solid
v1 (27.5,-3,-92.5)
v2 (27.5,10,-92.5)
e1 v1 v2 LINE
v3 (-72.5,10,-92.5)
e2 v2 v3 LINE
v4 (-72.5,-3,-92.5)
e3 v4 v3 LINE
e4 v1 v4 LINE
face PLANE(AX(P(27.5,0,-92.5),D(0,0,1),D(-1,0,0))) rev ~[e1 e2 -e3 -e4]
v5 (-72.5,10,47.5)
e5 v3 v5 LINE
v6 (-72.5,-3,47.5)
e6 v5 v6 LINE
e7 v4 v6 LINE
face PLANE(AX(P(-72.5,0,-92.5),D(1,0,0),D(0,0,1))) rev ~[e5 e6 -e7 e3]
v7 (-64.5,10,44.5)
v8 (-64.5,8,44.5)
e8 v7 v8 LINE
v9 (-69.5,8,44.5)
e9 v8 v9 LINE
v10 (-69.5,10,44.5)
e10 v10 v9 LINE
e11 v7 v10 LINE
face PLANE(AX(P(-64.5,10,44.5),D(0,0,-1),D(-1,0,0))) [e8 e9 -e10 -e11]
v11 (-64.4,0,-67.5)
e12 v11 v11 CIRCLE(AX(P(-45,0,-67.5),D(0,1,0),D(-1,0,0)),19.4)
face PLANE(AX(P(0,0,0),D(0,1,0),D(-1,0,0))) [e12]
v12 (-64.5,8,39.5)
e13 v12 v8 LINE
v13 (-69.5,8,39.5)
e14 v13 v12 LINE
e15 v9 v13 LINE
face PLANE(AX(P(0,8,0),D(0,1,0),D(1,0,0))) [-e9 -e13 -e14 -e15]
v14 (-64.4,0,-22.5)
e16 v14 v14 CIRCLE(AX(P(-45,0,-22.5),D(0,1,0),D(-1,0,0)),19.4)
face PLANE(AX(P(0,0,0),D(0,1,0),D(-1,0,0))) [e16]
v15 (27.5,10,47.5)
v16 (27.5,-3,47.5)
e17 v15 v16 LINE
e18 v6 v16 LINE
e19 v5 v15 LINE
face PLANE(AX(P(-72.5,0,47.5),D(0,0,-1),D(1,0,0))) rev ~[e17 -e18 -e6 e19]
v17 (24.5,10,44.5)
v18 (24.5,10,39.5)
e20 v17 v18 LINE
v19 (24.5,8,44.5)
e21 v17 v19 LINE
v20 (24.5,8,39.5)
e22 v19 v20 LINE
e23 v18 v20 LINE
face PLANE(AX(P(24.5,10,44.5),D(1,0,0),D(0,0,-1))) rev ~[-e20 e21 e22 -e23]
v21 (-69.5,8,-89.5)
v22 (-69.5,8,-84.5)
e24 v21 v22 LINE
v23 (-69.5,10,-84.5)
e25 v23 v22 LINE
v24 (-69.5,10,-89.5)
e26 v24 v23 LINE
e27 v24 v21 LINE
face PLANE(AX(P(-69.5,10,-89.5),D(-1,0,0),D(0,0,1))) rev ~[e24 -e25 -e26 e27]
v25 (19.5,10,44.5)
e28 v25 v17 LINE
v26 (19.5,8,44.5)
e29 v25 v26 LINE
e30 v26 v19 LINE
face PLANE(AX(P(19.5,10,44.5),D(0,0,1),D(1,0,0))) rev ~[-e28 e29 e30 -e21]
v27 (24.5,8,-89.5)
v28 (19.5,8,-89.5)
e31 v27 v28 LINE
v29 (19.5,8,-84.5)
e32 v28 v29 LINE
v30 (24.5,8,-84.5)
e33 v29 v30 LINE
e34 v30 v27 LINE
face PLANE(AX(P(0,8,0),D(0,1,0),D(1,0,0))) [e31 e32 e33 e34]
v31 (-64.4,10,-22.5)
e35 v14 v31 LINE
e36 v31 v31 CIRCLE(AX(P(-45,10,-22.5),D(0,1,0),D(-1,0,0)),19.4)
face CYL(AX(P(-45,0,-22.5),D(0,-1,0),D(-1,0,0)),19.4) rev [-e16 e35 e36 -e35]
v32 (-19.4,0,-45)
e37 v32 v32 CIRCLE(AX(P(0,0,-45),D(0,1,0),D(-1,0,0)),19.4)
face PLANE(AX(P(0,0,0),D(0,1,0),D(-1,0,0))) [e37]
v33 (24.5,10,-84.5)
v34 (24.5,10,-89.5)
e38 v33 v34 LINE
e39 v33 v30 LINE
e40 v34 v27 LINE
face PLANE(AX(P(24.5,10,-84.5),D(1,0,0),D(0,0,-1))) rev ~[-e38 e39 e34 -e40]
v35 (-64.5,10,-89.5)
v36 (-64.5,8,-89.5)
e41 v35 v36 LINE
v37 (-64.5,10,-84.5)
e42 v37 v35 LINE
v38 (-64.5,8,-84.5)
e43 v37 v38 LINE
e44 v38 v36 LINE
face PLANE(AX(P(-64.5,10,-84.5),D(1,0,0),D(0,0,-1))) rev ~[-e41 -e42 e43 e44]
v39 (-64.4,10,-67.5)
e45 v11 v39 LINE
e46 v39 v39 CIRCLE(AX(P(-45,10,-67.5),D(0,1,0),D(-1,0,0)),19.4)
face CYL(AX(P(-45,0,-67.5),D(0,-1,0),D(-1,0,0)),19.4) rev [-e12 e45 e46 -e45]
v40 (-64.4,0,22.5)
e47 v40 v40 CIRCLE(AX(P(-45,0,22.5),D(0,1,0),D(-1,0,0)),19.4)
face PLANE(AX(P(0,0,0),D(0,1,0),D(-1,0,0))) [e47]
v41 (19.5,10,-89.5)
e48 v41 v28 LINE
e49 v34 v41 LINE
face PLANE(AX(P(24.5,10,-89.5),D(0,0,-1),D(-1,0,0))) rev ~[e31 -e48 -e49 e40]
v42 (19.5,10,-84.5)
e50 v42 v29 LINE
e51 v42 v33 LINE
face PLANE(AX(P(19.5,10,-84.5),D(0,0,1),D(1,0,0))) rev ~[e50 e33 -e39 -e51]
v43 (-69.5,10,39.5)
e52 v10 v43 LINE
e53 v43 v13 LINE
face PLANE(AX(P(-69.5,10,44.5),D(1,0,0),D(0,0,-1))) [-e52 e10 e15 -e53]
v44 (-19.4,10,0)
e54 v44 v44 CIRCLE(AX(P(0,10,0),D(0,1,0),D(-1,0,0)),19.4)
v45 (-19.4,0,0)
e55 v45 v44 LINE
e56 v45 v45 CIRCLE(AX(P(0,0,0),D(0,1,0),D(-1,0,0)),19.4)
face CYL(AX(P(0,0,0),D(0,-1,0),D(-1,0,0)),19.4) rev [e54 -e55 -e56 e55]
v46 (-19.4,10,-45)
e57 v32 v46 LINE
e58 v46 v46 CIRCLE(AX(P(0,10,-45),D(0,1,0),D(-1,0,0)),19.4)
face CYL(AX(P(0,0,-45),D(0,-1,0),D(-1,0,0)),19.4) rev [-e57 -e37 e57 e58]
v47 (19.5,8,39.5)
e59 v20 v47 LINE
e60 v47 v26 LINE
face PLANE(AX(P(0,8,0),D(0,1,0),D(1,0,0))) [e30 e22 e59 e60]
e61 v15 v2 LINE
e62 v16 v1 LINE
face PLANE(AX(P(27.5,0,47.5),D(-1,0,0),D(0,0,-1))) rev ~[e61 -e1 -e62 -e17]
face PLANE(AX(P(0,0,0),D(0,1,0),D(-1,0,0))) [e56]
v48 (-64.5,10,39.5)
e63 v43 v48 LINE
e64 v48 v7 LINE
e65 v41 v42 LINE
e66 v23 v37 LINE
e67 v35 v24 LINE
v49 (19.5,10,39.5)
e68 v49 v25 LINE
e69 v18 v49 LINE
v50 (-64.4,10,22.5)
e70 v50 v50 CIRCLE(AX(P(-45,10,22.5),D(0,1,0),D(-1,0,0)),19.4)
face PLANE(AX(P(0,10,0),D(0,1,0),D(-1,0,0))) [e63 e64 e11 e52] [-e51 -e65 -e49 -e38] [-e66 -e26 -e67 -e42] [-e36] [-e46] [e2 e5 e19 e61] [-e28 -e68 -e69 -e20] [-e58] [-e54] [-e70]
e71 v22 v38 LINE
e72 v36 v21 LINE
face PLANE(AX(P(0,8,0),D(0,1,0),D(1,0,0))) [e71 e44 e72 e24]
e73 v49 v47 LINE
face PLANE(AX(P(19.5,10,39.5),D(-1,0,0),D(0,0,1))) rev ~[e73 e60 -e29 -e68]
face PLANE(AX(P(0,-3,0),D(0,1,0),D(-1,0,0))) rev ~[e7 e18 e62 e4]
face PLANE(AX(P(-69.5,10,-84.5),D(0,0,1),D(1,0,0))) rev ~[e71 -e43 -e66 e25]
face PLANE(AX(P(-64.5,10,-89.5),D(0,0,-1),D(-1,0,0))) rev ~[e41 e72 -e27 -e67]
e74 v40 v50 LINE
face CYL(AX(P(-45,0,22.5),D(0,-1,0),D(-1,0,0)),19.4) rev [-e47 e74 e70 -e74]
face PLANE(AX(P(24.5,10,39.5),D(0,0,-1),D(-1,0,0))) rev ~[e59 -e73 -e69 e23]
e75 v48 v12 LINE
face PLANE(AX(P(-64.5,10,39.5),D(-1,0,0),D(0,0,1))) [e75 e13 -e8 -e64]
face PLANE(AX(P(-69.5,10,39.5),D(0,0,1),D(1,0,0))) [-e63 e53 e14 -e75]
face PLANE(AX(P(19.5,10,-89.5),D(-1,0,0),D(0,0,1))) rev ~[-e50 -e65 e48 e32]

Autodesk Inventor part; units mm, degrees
ref_plane "YZ Plane" through (0, 0, 0) normal (1, 0, 0) x (0, 1, 0)
ref_plane "XZ Plane" through (0, 0, 0) normal (0, 1, 0) x (-1, 0, 0)
ref_plane "XY Plane" through (0, 0, 0) normal (0, 0, 1) x (1, 0, 0)
sketch "Sketch1" plane through (0, 0, 0) normal (0, 1, 0) x (-1, 0, 0)
  circle A0 centre (0, 0) radius 19.4
  line L0 (0, 0) -> (0, -10.9961) construction
  circle A1 centre (0, -45) radius 19.4
  circle A2 centre (45, 22.5) radius 19.4
  circle A3 centre (45, -22.5) radius 19.4
  circle A4 centre (45, -67.5) radius 19.4
  line L1 (-27.5, -92.5) -> (72.5, -92.5)
  line L2 (72.5, -92.5) -> (72.5, 47.5)
  line L3 (72.5, 47.5) -> (-27.5, 47.5)
  line L4 (-27.5, 47.5) -> (-27.5, -92.5)
  line L5 (-27.5, -92.5) -> (72.5, 47.5) construction
  line L6 (72.5, -92.5) -> (-27.5, 47.5) construction
  point P0 (22.5, -22.5)
  dimension "d0" = 38.8
  dimension "d3" = 45
  dimension "d8" = 38.8
  dimension "d9" = 45
  dimension "d10" = 22.5
  dimension "d13" = 45
  dimension "d18" = 22.5
  dimension "d19" = 50
  dimension "d20" = 70
  dimension "d21" = 22.5
extrude "Extrusion1" add sketch "Sketch1" along normal blind 10
extrude "Extrusion2" add sketch "Sketch1" against normal blind 3 contours A0 | A1 | A2 | A3 | A4 | L4 L3 L2 L1
sketch "Sketch3" plane through (0, 10, 0) normal (0, 1, 0) x (1, 0, 0)
  line L0 (24.5, 89.5) -> (19.5, 89.5)
  line L1 (19.5, 89.5) -> (19.5, 84.5)
  line L2 (19.5, 84.5) -> (24.5, 84.5)
  line L3 (24.5, 84.5) -> (24.5, 89.5)
  line L4 (24.5, -39.5) -> (19.5, -39.5)
  line L5 (19.5, -39.5) -> (19.5, -44.5)
  line L6 (19.5, -44.5) -> (24.5, -44.5)
  line L7 (24.5, -44.5) -> (24.5, -39.5)
  line L8 (-64.5, -44.5) -> (-69.5, -44.5)
  line L9 (-69.5, -44.5) -> (-69.5, -39.5)
  line L10 (-69.5, -39.5) -> (-64.5, -39.5)
  line L11 (-64.5, -39.5) -> (-64.5, -44.5)
  line L12 (-64.5, 89.5) -> (-69.5, 89.5)
  line L13 (-69.5, 89.5) -> (-69.5, 84.5)
  line L14 (-69.5, 84.5) -> (-64.5, 84.5)
  line L15 (-64.5, 84.5) -> (-64.5, 89.5)
  line L16 (27.5, -47.5) -> (27.5, 92.5) projected
  line L17 (27.5, 92.5) -> (-72.5, 92.5) projected
  line L18 (-72.5, -47.5) -> (27.5, -47.5) projected
  line L19 (-72.5, 92.5) -> (-72.5, -47.5) projected
  point P0 (0, 0)
  dimension "d26" = 5
  dimension "d27" = 3
  dimension "d28" = 3
  dimension "d29" = 5
  dimension "d30" = 3
  dimension "d31" = 3
  dimension "d32" = 5
  dimension "d33" = 3
  dimension "d34" = 5
extrude "Extrusion3" cut sketch "Sketch3" against normal blind 2 contours L3 L2 L1 L0 | L7 L6 L5 L4 | L8 L9 L10 L11 | L15 L14 L13 L12
equation "\"d0\" = bottleDiameter"
equation "\"d3\" = bottleDistance"
equation "\"d8\" = bottleDiameter"
equation "\"d9\" = bottleDistance"
equation "\"d10\" = 0.5 * bottleDistance"
equation "\"d13\" = bottleDistance"
equation "\"d18\" = 0.5 * bottleDistance"
equation "\"d21\" = 0.5 * bottleDistance"
equation "\"capDiameter\" = 29.5"
equation "\"bottleLen\" = 81.3"
equation "\"bottleDiameter\" = 38.8"
equation "\"tubeInsideDiameter\" = 2"
equation "\"tubeOutsideDiameter\" = 5.4"
equation "\"tick\" = 2"
equation "\"connectorDiameter\" = 35"
equation "\"connectorInsideDiameter\" = tubeInsideDiameter - tick"
equation "\"connectorTubeDepth\" = 18.5"
equation "\"tubeFlapDepth\" = 3"
equation "\"tubeFlapAngle\" = 15deg"
equation "\"minTick\" = 0.25"
equation "\"tubeLinkTick\" = 2"
equation "\"tubeTolerance\" = 0.3"
equation "\"tickHolder\" = 1"
equation "\"bottleDistance\" = 45"
properties part number "trayB"
